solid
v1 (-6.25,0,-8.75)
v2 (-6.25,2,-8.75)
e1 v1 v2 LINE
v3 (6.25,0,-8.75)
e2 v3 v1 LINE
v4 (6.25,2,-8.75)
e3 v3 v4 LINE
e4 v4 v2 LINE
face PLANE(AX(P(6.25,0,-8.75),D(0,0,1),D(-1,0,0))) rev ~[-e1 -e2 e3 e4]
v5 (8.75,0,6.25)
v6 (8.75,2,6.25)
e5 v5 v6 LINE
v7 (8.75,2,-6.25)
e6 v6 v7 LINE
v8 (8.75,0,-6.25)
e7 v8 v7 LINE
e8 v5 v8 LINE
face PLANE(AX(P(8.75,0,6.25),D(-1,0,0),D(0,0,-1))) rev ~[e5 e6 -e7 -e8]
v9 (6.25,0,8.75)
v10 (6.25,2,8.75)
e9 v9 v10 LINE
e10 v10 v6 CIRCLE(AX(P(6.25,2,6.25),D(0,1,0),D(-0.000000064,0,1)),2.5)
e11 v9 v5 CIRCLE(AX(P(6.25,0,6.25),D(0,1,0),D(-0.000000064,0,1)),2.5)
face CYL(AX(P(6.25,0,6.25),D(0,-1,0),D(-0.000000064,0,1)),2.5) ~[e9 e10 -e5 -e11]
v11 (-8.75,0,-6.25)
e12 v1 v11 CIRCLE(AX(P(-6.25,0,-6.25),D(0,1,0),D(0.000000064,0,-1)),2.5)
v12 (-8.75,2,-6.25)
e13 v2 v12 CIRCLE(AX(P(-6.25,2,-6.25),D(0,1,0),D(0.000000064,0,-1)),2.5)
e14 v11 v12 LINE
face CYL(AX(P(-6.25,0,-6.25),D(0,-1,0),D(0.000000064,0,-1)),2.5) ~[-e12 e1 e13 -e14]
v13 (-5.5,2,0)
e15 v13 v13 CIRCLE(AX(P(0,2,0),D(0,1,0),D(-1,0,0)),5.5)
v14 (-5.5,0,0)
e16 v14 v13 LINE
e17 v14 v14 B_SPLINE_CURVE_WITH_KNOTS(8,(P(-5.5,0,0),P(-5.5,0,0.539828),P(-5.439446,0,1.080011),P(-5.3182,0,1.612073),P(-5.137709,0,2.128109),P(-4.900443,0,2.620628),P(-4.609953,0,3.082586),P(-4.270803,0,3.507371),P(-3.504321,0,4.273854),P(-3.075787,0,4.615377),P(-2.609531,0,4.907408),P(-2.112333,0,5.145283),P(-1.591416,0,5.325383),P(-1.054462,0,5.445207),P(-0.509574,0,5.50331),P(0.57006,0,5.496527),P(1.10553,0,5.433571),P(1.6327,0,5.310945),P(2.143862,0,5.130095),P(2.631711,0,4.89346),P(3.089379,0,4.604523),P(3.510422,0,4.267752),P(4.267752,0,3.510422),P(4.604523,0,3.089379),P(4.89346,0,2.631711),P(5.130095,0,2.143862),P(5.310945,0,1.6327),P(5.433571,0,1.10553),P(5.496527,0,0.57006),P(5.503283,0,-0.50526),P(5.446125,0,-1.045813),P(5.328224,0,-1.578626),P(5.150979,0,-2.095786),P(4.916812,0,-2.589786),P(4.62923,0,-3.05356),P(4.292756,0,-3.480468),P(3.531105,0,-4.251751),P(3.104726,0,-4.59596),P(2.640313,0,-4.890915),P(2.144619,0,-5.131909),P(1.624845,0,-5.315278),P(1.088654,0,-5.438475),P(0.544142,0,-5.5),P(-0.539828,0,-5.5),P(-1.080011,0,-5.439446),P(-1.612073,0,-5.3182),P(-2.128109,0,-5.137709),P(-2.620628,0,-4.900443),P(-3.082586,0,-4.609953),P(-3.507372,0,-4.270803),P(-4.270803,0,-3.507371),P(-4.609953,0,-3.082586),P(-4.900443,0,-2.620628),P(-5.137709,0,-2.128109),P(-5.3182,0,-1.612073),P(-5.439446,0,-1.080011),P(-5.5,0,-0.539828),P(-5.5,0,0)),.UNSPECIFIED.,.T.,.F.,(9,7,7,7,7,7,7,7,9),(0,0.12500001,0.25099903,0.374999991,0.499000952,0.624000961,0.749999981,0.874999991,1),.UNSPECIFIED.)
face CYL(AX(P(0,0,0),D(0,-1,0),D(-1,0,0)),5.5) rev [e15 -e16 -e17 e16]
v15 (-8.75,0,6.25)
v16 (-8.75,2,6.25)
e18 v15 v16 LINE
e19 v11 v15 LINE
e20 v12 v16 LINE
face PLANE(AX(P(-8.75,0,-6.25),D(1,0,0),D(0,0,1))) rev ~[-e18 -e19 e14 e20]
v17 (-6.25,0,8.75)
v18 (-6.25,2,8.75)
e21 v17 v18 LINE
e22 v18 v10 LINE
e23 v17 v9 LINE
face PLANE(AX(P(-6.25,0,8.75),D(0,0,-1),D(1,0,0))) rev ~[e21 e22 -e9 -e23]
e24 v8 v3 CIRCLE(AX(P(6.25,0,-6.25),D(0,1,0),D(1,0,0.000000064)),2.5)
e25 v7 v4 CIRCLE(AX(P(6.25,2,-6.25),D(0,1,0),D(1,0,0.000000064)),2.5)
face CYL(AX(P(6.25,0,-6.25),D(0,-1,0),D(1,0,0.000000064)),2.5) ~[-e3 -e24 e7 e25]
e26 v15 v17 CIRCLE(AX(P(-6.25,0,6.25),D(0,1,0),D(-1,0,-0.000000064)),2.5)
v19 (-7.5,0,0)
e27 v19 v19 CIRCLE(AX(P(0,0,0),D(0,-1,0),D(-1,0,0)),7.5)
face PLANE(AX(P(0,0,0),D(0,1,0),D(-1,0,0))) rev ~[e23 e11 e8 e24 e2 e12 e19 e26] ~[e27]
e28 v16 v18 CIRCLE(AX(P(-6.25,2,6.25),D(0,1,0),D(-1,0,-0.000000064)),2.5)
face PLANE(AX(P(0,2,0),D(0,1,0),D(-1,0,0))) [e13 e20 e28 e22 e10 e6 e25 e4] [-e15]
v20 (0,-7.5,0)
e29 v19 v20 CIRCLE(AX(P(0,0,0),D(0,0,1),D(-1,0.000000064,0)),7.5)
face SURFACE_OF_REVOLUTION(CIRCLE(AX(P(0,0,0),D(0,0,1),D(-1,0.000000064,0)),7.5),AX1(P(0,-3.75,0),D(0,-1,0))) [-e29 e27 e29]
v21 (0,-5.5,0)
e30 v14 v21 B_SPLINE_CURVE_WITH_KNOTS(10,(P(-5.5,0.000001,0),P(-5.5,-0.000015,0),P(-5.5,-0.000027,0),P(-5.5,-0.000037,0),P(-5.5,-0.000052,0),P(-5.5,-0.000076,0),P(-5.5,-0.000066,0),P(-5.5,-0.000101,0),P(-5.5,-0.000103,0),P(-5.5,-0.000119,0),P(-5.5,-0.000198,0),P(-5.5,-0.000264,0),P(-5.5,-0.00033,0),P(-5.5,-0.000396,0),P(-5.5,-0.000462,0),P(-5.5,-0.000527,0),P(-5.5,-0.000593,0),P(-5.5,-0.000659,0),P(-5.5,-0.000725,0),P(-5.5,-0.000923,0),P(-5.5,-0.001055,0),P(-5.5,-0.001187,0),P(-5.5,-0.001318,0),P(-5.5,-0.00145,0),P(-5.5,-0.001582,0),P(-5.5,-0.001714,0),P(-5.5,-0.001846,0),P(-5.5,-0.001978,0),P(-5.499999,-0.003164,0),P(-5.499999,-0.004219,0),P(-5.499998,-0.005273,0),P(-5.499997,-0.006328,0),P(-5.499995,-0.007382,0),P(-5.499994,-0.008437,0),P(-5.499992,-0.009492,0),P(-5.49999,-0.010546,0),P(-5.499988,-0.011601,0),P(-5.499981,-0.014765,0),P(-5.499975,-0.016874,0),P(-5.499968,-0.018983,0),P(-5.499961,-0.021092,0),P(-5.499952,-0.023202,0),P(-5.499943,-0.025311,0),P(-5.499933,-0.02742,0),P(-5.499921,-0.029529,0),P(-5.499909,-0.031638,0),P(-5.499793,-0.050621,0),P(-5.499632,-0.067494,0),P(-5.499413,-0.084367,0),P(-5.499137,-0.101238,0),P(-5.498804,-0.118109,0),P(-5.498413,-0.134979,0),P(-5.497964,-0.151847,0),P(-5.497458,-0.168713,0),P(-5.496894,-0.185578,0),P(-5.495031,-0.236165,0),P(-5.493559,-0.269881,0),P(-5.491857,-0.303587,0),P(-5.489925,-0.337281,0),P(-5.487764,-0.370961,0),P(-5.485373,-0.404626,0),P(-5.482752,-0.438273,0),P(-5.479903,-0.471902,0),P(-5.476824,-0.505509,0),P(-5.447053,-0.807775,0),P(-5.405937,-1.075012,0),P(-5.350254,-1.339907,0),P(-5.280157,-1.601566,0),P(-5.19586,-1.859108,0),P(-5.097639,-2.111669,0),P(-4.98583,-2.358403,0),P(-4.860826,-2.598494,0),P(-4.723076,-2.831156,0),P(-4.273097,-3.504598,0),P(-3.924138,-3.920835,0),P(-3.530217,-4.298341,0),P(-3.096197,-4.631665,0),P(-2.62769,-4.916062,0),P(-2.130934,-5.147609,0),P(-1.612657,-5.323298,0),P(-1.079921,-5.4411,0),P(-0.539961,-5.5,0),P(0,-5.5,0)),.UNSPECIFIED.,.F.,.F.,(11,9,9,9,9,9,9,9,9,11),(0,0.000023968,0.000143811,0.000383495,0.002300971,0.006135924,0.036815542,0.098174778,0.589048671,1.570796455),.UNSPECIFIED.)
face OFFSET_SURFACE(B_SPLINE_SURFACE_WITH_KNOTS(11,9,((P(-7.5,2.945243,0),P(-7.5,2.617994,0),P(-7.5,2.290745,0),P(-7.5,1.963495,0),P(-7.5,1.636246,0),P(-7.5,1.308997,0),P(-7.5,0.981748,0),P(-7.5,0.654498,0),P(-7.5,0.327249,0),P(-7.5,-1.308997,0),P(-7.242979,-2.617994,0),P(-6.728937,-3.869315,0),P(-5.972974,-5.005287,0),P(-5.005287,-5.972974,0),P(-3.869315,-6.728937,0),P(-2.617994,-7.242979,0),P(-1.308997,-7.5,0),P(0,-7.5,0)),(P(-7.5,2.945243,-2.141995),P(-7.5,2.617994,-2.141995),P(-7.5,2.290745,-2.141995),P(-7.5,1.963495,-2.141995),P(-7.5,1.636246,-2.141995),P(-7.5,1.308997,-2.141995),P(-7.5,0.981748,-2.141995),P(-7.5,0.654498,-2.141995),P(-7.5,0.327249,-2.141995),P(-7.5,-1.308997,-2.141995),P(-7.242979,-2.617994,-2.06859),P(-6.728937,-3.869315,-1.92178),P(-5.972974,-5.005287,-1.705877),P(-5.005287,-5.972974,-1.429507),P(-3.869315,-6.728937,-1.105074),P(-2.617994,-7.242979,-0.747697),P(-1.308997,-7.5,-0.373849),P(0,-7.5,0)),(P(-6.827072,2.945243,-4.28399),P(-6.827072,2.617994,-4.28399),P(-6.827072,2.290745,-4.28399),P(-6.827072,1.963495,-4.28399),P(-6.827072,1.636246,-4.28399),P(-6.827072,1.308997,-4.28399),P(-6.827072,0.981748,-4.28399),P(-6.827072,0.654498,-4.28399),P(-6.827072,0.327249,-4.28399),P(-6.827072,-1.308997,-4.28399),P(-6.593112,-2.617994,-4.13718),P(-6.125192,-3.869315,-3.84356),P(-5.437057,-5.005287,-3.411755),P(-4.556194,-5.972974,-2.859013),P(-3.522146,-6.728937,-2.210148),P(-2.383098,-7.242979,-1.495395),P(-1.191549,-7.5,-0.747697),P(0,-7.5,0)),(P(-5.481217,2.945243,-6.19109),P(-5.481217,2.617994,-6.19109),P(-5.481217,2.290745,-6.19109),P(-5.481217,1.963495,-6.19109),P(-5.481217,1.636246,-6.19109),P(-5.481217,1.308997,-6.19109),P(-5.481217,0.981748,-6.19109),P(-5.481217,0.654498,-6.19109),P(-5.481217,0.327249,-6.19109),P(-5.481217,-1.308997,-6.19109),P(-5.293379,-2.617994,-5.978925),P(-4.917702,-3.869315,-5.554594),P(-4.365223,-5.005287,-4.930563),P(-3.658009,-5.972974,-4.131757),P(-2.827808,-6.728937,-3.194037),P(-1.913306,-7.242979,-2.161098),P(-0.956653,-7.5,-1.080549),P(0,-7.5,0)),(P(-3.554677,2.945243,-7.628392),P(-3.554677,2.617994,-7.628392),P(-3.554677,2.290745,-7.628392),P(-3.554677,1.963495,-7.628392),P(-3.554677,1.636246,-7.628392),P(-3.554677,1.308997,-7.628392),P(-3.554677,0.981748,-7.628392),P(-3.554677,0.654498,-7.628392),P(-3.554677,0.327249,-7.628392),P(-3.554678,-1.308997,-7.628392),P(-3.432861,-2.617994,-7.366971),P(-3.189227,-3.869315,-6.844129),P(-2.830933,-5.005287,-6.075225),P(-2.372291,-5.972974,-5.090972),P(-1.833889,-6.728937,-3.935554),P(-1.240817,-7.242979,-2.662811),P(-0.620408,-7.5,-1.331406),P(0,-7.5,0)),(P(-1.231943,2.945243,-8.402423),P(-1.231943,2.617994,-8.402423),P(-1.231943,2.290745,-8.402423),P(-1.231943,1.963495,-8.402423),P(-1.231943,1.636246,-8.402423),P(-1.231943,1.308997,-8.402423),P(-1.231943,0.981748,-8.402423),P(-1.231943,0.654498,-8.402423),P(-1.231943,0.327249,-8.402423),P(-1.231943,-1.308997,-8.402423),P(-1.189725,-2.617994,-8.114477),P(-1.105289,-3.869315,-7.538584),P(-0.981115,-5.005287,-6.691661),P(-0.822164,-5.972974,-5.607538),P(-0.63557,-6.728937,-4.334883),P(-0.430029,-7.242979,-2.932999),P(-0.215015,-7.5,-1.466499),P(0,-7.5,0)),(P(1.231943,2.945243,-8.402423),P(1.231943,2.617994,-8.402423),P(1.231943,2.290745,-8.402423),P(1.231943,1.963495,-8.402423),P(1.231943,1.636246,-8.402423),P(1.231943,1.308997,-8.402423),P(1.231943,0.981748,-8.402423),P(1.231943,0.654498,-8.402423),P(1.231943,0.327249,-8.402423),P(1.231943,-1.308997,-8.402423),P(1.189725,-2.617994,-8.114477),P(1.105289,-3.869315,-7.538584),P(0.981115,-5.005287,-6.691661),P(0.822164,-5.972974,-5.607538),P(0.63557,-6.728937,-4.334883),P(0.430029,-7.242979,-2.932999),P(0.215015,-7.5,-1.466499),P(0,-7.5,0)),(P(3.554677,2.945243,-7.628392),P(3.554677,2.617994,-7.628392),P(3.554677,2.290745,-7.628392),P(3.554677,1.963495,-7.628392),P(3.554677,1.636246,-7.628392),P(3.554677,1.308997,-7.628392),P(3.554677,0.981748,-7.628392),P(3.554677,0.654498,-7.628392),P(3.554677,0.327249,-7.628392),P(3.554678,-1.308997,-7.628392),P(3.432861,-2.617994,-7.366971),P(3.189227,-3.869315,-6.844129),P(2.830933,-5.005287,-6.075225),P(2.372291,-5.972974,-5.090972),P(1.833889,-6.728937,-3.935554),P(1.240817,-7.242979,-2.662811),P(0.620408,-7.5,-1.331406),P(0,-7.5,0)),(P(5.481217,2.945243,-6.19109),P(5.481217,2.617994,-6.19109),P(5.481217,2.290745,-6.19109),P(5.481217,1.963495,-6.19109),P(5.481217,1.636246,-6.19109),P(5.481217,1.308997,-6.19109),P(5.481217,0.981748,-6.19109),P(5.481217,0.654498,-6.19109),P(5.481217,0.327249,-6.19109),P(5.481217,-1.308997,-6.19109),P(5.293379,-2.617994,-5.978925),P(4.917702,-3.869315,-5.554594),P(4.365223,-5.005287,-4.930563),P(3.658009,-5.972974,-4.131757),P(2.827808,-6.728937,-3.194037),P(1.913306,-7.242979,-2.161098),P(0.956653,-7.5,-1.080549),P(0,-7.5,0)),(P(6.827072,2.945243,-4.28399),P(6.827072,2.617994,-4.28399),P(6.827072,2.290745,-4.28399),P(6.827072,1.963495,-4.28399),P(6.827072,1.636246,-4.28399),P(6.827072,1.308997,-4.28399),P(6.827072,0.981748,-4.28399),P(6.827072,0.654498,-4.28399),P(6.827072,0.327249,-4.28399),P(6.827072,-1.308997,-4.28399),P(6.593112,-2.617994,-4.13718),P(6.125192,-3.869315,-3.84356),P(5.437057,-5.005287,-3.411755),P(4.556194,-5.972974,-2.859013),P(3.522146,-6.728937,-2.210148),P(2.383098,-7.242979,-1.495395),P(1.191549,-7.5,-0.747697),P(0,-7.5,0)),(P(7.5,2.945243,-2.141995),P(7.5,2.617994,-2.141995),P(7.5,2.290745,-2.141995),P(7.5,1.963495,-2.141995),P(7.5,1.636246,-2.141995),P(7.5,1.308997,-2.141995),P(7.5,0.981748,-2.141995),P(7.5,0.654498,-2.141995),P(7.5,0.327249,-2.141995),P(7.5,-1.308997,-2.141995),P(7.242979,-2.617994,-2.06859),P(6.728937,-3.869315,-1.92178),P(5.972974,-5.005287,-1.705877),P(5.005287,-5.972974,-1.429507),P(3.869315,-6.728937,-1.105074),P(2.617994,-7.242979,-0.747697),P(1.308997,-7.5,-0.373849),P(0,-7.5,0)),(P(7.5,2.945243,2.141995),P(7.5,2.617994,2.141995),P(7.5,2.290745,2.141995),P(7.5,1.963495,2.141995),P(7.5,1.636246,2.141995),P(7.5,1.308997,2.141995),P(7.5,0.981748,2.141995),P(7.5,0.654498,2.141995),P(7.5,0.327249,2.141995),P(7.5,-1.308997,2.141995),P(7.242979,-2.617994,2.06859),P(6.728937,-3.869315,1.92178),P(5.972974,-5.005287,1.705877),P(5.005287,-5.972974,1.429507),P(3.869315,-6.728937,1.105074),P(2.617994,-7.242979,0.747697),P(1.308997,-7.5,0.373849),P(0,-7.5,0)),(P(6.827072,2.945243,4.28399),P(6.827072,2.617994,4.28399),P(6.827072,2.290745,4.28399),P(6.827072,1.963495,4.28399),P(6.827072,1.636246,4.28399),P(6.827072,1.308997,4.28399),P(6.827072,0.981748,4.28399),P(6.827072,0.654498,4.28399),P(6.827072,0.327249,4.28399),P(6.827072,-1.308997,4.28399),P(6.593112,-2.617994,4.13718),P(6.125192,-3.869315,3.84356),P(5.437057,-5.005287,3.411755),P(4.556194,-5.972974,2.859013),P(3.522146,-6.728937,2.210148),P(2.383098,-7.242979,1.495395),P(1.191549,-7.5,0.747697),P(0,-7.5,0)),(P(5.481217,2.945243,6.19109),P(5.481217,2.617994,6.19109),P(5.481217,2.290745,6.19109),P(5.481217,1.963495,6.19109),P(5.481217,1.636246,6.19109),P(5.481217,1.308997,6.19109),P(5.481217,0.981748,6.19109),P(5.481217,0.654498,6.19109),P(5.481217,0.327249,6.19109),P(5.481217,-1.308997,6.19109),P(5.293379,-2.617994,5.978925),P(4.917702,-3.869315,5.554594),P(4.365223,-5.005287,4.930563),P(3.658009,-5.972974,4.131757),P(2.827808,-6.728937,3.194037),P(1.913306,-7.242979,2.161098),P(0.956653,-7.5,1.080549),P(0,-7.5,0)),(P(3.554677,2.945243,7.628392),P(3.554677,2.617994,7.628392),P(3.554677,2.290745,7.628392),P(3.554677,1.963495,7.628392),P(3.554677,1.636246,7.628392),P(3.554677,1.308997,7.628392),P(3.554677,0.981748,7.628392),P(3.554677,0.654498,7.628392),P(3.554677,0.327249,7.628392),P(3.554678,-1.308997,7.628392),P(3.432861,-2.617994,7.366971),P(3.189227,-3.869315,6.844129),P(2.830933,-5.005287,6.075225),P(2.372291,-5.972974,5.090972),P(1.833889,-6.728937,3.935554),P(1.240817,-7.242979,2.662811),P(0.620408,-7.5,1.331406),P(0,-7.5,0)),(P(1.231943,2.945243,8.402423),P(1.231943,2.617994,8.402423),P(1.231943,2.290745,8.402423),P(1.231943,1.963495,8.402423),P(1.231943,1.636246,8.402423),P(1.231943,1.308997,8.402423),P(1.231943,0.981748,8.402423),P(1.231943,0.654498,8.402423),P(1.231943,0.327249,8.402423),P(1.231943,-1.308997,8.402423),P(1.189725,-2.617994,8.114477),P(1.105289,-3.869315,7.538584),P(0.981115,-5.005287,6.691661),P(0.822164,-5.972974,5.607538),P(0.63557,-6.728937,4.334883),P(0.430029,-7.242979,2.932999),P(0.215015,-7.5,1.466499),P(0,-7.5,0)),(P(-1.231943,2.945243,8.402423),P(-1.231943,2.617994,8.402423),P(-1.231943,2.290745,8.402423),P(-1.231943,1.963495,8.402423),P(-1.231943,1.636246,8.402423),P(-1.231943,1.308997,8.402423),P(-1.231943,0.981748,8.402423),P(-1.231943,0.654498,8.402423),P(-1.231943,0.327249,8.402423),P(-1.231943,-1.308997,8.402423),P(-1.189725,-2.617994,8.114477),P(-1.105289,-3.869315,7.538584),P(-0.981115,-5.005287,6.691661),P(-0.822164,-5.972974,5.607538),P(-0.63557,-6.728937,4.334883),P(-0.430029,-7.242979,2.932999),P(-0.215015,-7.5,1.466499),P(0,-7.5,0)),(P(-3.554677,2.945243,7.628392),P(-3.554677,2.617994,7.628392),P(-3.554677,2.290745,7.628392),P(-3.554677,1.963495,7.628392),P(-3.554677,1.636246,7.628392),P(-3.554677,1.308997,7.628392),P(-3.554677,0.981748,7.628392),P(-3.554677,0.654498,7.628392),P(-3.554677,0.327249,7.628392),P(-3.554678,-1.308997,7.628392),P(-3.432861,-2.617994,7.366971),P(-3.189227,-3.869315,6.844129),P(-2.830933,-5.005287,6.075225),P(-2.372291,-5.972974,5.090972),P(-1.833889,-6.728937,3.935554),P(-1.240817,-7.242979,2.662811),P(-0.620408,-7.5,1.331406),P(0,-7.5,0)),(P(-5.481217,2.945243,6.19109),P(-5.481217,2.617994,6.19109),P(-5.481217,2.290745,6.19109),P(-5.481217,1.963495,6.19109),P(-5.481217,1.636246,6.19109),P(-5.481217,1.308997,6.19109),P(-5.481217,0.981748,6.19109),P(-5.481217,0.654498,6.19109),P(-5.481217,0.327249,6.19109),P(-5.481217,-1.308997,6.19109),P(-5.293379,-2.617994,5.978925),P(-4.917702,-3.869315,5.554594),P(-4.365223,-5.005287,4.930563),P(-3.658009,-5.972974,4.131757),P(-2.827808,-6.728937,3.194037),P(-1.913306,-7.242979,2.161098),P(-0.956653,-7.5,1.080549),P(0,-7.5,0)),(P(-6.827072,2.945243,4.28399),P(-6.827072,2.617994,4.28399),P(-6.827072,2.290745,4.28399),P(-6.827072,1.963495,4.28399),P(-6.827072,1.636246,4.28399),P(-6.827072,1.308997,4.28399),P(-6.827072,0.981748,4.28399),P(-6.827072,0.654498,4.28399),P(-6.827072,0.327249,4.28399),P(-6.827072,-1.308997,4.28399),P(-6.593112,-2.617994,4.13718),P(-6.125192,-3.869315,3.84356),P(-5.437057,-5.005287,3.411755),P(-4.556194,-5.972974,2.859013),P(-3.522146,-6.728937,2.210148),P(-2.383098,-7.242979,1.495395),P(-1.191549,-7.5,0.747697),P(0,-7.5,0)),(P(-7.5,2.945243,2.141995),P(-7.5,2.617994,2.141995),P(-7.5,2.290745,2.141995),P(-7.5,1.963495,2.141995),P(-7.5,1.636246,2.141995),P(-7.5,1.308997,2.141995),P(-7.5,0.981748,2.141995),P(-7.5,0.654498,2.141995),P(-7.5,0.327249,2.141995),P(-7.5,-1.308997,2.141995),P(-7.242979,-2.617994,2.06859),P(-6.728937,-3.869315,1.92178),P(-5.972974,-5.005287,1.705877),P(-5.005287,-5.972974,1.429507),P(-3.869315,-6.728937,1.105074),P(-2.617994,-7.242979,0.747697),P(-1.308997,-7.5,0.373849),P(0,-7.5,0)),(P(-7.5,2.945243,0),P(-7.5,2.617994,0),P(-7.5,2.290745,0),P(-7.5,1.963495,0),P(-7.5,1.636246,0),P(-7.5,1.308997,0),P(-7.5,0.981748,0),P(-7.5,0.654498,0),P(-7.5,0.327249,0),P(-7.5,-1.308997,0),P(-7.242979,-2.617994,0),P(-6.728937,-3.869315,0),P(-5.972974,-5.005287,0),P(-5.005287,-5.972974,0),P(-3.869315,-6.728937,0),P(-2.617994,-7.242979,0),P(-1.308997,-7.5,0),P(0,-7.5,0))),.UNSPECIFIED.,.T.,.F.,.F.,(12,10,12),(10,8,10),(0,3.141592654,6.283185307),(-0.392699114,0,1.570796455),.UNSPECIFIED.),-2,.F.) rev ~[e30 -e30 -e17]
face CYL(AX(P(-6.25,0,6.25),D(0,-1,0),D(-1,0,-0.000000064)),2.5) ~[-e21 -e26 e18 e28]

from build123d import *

# Parameters (mm, degrees)
F2_T     = -2
F3_R     = 7.5
F3_R_2   = 5.5
F4_DEPTH = 2


with BuildPart() as f1:
    # F0 (on Top) → F1 (revolve)
    with BuildSketch(Plane.XY):
        with BuildLine():
            Line((0, 0), (-7.5, 0))
            ThreePointArc((-7.5, 0), (-5.303301, -5.303301), (0, -7.5))
            Line((0, -7.5), (0, 0))
        make_face()
    revolve(axis=Axis((0, -3.75, 0), (0, -1, 0)))

    # F2
    f2_openings = [f1.faces().sort_by_distance(p)[0] for p in [
        (0, 0, 0),
    ]]
    offset(amount=F2_T, openings=f2_openings)

    # F3 (on face) → F4 (join)
    with BuildSketch(Plane(origin=(0, 0, 0), x_dir=(-1, 0, 0), z_dir=(0, 1, 0))):
        with BuildLine():
            Line((-6.25, -8.75), (6.25, -8.75))
            ThreePointArc((6.25, -8.75), (8.017767, -8.017767), (8.75, -6.25))
            Line((8.75, -6.25), (8.75, 6.25))
            ThreePointArc((8.75, 6.25), (8.017767, 8.017767), (6.25, 8.75))
            Line((6.25, 8.75), (-6.25, 8.75))
            ThreePointArc((-6.25, 8.75), (-8.017767, 8.017767), (-8.75, 6.25))
            Line((-8.75, 6.25), (-8.75, -6.25))
            ThreePointArc((-8.75, -6.25), (-8.017767, -8.017767), (-6.25, -8.75))
        make_face()
        Circle(F3_R, mode=Mode.SUBTRACT)
        Circle(F3_R)
        Circle(F3_R_2, mode=Mode.SUBTRACT)
    extrude(amount=F4_DEPTH)


solid = f1.part
